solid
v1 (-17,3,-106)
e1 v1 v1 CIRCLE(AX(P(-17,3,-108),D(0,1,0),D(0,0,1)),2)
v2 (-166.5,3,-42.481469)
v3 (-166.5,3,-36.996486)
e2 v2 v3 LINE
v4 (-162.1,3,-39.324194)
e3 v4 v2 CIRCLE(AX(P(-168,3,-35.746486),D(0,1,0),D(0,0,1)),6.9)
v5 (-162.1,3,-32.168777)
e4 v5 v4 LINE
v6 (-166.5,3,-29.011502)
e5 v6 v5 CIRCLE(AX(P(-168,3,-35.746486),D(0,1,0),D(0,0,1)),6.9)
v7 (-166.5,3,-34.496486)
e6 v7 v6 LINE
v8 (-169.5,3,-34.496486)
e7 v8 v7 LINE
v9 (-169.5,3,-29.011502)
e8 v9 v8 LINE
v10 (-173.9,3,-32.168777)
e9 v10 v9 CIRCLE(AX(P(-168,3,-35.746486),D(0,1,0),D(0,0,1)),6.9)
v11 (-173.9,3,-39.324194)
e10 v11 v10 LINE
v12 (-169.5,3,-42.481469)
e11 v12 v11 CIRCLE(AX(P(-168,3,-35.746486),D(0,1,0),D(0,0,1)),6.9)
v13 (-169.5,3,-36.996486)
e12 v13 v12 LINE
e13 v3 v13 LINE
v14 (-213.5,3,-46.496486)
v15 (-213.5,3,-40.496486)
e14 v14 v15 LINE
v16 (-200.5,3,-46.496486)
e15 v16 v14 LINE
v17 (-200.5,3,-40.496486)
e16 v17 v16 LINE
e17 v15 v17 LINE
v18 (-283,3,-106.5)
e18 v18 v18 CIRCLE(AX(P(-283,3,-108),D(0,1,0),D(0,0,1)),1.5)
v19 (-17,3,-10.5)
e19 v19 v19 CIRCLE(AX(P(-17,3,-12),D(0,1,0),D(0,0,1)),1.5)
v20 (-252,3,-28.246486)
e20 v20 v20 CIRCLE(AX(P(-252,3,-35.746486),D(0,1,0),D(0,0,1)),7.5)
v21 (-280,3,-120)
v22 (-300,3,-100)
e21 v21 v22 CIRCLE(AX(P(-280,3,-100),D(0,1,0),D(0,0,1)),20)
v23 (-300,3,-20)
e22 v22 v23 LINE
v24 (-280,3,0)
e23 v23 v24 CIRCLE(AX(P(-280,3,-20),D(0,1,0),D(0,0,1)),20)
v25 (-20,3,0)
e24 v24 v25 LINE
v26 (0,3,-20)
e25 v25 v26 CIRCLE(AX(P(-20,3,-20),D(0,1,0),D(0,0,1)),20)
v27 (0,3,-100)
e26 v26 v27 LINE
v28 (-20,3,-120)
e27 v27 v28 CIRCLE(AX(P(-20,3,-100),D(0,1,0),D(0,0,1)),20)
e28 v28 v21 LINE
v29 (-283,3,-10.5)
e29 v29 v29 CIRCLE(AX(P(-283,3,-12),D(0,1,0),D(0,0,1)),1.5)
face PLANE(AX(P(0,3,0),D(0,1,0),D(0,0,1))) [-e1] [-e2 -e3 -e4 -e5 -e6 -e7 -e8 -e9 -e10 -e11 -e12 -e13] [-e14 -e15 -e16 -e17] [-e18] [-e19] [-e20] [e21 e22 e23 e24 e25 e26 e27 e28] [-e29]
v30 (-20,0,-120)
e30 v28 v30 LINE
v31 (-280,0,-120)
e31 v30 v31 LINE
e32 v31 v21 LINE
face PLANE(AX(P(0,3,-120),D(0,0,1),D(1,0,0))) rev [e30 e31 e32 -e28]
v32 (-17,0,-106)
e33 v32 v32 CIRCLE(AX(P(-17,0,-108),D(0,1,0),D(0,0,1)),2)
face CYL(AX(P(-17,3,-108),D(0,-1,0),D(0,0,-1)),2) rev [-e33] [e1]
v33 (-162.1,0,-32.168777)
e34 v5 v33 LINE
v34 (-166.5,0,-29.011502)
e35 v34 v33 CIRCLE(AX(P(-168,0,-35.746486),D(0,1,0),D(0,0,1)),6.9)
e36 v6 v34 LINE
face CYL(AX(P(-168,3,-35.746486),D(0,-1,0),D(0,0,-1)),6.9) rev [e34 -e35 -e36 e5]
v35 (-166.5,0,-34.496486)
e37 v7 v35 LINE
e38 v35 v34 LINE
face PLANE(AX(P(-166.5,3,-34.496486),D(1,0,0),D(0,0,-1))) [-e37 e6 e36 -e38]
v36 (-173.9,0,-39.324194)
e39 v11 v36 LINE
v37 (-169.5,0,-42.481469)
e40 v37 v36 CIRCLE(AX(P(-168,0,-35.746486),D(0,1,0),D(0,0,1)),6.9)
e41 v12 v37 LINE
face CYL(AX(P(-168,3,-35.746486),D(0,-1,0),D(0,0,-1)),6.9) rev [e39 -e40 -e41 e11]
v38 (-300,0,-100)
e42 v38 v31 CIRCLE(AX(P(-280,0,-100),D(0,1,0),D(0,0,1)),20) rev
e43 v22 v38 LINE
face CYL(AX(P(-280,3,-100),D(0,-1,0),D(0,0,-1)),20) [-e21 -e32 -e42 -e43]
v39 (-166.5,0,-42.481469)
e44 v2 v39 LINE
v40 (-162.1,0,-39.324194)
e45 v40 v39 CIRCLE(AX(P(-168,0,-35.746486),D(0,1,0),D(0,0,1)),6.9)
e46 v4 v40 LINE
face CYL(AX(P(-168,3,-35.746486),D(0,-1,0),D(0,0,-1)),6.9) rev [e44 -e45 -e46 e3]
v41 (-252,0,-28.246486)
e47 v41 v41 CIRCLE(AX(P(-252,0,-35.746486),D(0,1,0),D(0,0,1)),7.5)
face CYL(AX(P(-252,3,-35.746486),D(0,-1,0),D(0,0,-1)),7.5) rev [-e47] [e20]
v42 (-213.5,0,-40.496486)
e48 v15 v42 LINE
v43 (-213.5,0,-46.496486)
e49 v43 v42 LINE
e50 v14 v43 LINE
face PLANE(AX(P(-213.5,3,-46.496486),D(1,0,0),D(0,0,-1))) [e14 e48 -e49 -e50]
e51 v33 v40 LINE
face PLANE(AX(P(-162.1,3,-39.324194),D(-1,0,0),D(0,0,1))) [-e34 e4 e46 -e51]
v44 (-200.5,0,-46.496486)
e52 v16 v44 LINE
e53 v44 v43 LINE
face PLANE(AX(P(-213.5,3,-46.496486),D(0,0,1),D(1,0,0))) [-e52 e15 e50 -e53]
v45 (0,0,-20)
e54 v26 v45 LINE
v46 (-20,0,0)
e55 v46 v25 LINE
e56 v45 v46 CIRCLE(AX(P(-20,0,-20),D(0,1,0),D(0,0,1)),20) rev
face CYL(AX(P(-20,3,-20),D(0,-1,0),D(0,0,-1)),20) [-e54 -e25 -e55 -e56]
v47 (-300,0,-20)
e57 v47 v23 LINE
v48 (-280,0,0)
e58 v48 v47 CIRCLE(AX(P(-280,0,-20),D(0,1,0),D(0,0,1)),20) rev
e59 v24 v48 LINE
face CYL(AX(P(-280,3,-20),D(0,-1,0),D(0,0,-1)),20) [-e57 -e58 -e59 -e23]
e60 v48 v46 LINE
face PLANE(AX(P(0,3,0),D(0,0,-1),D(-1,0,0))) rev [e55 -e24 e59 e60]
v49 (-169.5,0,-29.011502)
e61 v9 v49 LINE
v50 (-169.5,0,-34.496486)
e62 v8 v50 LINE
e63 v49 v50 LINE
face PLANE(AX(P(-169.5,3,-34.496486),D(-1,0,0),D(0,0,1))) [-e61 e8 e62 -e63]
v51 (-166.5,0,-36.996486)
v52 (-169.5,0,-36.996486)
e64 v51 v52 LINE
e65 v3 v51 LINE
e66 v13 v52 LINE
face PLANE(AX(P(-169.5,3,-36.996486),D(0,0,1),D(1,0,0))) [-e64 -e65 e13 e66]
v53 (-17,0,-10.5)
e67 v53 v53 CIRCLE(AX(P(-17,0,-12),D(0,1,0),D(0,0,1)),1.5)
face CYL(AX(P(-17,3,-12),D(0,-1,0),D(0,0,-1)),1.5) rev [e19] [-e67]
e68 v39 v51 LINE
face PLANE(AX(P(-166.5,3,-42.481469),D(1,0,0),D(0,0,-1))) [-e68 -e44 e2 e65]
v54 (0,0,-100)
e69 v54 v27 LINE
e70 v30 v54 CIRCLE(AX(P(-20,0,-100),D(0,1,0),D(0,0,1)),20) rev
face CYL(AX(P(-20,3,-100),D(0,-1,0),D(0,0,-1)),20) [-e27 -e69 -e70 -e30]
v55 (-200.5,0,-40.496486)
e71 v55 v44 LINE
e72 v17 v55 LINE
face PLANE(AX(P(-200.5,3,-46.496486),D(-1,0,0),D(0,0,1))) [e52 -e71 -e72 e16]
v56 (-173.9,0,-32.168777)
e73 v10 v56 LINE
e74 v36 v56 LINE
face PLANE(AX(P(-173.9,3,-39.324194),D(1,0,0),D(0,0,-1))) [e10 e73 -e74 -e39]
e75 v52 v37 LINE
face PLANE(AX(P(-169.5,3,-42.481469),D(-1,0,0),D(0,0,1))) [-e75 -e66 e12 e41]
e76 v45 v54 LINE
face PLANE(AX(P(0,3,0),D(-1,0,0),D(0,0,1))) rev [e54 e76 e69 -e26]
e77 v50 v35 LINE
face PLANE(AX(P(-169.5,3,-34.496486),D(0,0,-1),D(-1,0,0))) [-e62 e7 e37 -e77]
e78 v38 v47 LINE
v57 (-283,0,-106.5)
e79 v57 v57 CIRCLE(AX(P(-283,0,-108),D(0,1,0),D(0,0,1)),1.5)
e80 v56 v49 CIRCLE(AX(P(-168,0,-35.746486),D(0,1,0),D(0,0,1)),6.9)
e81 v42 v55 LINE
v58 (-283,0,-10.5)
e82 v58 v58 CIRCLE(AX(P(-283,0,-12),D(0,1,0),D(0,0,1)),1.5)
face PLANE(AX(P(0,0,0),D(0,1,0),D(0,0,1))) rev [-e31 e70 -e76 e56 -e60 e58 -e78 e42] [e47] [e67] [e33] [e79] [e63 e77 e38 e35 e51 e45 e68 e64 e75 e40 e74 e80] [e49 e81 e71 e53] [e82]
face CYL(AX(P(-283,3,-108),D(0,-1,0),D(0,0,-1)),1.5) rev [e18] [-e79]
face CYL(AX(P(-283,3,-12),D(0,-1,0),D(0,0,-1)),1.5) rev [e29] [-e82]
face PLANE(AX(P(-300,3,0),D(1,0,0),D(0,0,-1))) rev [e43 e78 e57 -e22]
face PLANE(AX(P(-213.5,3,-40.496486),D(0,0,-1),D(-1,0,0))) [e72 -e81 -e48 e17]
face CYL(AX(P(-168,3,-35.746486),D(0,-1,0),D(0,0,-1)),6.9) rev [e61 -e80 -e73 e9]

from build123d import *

# Parameters (mm, degrees)
SKETCH_2_W      = 300
SKETCH_2_H      = 120
SKETCH_2_R      = 1.5
SKETCH_2_R_2    = 2
SKETCH_2_R_3    = 7.5
SKETCH_2_W_2    = 13
SKETCH_2_H_2    = 6
EXTRUDE_1_DEPTH = 3
FILLET_1_R      = 20


with BuildPart() as part:
    # Эскиз2 → Бобышка-Вытянуть1 (new body)
    with BuildSketch(Plane(origin=(0, 0, 0), x_dir=(1, 0, 0), z_dir=(0, 1, 0))):
        with Locations((-150, 60)):
            Rectangle(SKETCH_2_W, SKETCH_2_H)
        with Locations((-283, 108)):
            Circle(SKETCH_2_R, mode=Mode.SUBTRACT)
        with Locations((-17, 108)):
            Circle(SKETCH_2_R_2, mode=Mode.SUBTRACT)
        with Locations((-17, 12)):
            Circle(SKETCH_2_R, mode=Mode.SUBTRACT)
        with Locations((-283, 12)):
            Circle(SKETCH_2_R, mode=Mode.SUBTRACT)
        with Locations((-252, 35.746485704)):
            Circle(SKETCH_2_R_3, mode=Mode.SUBTRACT)
        with Locations((-207, 43.496485704)):
            Rectangle(SKETCH_2_W_2, SKETCH_2_H_2, mode=Mode.SUBTRACT)
        with BuildLine():
            Line((-173.9, 39.324194468), (-173.9, 32.16877694))
            ThreePointArc((-173.9, 32.16877694), (-172.022697555, 30.140426091), (-169.5, 29.011502408))
            Line((-169.5, 29.011502408), (-169.5, 34.496485704))
            Line((-169.5, 34.496485704), (-166.5, 34.496485704))
            Line((-166.5, 34.496485704), (-166.5, 29.011502408))
            ThreePointArc((-166.5, 29.011502408), (-163.977302445, 30.140426091), (-162.1, 32.16877694))
            Line((-162.1, 32.16877694), (-162.1, 39.324194468))
            ThreePointArc((-162.1, 39.324194468), (-163.977302445, 41.352545317), (-166.5, 42.481469))
            Line((-166.5, 42.481469), (-166.5, 36.996485704))
            Line((-166.5, 36.996485704), (-169.5, 36.996485704))
            Line((-169.5, 36.996485704), (-169.5, 42.481469))
            ThreePointArc((-169.5, 42.481469), (-172.022697555, 41.352545317), (-173.9, 39.324194468))
        make_face(mode=Mode.SUBTRACT)
    extrude(amount=EXTRUDE_1_DEPTH)

    # Скругление1
    fillet_1_edges = [part.edges().sort_by_distance(p)[0] for p in [
        (0, 1.5, 0),
        (-300, 1.5, 0),
        (-300, 1.5, -120),
        (0, 1.5, -120),
    ]]
    fillet(fillet_1_edges, radius=FILLET_1_R)


solid = part.part
